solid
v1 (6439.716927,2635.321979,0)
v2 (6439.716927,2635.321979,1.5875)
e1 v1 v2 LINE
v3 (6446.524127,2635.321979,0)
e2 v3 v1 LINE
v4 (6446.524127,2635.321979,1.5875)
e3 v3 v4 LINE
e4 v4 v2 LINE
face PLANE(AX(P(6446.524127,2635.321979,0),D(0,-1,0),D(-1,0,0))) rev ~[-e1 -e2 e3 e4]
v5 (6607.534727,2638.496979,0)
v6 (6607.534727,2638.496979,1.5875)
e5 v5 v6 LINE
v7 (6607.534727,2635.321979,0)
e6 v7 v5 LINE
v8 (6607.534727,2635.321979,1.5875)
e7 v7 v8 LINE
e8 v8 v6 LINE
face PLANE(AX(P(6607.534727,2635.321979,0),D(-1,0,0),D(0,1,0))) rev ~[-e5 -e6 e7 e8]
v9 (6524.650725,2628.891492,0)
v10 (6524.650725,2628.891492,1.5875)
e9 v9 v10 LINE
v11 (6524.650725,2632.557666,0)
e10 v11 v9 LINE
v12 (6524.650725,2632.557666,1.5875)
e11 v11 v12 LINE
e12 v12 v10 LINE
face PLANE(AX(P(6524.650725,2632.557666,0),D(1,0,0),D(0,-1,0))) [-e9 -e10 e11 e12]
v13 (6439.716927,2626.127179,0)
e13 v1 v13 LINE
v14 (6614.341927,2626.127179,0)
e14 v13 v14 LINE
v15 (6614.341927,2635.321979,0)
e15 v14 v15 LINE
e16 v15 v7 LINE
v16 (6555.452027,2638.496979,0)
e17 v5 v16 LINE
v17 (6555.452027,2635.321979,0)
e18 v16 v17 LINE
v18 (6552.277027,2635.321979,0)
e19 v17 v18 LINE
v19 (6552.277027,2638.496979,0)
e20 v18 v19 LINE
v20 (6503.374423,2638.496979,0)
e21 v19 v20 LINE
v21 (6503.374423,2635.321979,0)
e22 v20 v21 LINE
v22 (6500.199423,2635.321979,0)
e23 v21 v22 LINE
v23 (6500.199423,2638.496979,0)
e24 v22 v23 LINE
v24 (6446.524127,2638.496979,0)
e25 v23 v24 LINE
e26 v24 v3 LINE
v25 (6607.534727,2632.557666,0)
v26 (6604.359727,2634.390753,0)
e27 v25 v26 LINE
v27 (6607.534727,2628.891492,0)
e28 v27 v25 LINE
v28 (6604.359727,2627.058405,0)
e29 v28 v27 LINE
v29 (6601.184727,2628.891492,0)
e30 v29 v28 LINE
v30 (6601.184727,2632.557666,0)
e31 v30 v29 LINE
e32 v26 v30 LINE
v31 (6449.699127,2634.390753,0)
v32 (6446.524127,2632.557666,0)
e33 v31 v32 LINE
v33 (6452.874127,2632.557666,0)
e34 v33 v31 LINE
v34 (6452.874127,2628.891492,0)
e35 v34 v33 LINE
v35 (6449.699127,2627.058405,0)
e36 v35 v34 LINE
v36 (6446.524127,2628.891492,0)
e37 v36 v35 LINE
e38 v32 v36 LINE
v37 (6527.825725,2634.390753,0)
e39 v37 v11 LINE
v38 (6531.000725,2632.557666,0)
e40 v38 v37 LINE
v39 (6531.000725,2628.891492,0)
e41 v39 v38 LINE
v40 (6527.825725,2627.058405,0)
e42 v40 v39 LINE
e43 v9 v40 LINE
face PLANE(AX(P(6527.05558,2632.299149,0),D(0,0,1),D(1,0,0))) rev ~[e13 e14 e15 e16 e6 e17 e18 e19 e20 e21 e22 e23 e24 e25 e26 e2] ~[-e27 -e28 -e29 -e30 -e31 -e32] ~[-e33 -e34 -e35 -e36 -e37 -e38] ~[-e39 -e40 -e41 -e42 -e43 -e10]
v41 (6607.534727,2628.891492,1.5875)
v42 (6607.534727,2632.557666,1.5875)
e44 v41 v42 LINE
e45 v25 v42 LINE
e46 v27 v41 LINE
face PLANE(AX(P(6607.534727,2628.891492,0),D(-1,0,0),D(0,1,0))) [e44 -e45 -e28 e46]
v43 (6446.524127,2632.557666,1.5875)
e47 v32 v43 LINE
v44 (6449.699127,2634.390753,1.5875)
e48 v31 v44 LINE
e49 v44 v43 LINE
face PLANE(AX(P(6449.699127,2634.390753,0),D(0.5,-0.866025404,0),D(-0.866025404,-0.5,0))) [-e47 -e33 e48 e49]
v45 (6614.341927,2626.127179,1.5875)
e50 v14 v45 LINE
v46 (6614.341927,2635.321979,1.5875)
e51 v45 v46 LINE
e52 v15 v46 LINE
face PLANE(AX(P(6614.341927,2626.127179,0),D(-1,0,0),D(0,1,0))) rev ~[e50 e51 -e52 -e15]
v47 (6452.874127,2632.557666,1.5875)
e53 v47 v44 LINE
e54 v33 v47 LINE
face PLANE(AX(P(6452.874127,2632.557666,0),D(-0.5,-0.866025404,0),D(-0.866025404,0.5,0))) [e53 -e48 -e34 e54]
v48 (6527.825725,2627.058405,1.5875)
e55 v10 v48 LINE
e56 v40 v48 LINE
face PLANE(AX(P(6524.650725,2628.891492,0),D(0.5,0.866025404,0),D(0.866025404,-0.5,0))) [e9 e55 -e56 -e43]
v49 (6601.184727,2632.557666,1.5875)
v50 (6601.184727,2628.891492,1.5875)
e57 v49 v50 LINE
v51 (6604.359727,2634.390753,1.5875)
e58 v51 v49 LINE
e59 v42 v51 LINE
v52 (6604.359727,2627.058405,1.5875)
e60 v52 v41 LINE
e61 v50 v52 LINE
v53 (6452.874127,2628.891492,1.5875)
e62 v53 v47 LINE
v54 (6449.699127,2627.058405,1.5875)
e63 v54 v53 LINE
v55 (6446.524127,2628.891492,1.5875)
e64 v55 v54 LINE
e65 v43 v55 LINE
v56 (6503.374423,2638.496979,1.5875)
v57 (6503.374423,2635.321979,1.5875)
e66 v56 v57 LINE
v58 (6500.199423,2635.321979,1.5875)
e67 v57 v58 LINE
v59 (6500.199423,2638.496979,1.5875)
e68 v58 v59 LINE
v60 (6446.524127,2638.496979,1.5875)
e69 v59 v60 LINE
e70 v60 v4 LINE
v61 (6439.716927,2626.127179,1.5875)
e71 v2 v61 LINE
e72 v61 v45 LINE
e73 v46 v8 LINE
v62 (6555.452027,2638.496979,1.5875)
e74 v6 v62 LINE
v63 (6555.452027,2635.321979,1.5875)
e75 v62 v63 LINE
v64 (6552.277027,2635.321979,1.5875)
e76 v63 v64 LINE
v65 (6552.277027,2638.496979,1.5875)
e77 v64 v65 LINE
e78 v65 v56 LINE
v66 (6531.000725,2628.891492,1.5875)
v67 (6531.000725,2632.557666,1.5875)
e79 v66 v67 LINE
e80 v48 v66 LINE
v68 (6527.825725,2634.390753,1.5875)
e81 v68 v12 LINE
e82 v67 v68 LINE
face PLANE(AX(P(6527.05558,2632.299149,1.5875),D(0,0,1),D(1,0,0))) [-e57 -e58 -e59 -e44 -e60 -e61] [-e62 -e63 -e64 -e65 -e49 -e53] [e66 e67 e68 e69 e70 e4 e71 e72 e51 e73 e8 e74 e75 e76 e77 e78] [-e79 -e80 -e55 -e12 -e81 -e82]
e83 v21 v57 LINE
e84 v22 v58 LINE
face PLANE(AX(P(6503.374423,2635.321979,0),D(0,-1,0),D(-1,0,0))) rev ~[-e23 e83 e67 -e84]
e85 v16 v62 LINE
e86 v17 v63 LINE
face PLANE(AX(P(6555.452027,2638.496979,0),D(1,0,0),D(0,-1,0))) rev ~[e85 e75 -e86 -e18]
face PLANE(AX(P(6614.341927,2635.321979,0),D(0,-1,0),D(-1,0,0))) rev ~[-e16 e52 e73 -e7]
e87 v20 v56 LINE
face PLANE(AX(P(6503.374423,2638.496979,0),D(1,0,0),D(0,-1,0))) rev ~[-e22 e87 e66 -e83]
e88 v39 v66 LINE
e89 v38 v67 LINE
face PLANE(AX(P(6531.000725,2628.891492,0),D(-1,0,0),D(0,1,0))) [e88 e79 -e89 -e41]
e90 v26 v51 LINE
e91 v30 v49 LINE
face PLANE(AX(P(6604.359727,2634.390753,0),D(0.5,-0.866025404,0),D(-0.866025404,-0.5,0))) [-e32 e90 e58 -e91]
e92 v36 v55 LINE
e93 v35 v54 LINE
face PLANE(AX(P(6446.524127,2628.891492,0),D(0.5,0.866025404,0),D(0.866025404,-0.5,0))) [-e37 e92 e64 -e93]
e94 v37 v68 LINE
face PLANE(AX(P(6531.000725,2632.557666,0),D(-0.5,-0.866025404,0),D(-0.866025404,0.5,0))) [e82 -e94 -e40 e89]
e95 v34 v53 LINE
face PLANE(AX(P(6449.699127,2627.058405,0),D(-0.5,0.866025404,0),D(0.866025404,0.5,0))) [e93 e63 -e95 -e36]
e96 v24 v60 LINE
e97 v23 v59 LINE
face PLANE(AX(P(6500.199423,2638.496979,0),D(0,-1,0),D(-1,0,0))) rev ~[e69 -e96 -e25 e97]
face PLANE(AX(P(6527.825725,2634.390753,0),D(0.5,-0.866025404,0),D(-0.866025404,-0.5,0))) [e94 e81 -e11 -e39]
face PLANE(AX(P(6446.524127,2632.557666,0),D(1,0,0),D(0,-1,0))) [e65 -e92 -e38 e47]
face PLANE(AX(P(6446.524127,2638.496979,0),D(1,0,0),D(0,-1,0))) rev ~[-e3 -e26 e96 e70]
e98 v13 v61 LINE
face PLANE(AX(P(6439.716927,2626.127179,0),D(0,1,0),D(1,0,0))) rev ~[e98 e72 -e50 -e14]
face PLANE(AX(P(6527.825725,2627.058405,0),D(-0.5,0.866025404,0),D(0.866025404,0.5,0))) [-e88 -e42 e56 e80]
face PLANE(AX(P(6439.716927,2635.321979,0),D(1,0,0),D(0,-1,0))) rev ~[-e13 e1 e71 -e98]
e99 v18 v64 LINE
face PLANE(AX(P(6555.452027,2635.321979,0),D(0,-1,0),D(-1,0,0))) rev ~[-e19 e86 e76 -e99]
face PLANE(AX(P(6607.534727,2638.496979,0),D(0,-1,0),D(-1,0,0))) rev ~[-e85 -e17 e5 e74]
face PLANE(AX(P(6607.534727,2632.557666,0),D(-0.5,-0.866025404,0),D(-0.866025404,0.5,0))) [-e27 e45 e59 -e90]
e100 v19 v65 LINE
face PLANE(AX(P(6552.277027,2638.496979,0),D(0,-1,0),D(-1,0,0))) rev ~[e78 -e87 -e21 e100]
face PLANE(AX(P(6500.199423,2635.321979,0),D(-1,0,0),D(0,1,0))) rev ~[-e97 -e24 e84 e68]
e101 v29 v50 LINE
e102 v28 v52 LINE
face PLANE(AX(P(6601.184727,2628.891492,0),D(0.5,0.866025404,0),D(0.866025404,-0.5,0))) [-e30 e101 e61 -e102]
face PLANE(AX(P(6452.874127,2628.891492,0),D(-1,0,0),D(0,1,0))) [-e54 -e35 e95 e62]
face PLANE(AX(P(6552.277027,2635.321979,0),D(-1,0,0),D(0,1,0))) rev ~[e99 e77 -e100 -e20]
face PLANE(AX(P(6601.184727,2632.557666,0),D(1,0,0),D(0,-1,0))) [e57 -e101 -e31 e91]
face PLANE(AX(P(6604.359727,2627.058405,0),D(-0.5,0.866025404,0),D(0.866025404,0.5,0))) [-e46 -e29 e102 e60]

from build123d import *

# Parameters (mm, degrees)
BOSS_EXTRUDE1_DEPTH = 1.5875


with BuildPart() as part:
    # Sketch1 → Boss-Extrude1 (new body)
    with BuildSketch(Plane.XY):
        Polygon((6607.534727104, 2635.321979213), (6607.534727104, 2638.496979213), (6555.452027104, 2638.496979213), (6555.452027104, 2635.321979213), (6552.277027104, 2635.321979213), (6552.277027104, 2638.496979213), (6503.374423235, 2638.496979213), (6503.374423235, 2635.321979213), (6500.199423235, 2635.321979213), (6500.199423235, 2638.496979213), (6446.524127104, 2638.496979213), (6446.524127104, 2635.321979213), (6439.716927104, 2635.321979213), (6439.716927104, 2626.127179213), (6614.341927104, 2626.127179213), (6614.341927104, 2635.321979213), align=None)
        Polygon((6531.000725169, 2632.557666317), (6527.825725169, 2634.390753422), (6524.650725169, 2632.557666317), (6524.650725169, 2628.891492108), (6527.825725169, 2627.058405003), (6531.000725169, 2628.891492108), align=None, mode=Mode.SUBTRACT)
        Polygon((6452.874127104, 2632.557666317), (6449.699127104, 2634.390753422), (6446.524127104, 2632.557666317), (6446.524127104, 2628.891492108), (6449.699127104, 2627.058405003), (6452.874127104, 2628.891492108), align=None, mode=Mode.SUBTRACT)
        Polygon((6607.534727104, 2632.557666317), (6604.359727104, 2634.390753422), (6601.184727104, 2632.557666317), (6601.184727104, 2628.891492108), (6604.359727104, 2627.058405003), (6607.534727104, 2628.891492108), align=None, mode=Mode.SUBTRACT)
    extrude(amount=BOSS_EXTRUDE1_DEPTH)


solid = part.part
